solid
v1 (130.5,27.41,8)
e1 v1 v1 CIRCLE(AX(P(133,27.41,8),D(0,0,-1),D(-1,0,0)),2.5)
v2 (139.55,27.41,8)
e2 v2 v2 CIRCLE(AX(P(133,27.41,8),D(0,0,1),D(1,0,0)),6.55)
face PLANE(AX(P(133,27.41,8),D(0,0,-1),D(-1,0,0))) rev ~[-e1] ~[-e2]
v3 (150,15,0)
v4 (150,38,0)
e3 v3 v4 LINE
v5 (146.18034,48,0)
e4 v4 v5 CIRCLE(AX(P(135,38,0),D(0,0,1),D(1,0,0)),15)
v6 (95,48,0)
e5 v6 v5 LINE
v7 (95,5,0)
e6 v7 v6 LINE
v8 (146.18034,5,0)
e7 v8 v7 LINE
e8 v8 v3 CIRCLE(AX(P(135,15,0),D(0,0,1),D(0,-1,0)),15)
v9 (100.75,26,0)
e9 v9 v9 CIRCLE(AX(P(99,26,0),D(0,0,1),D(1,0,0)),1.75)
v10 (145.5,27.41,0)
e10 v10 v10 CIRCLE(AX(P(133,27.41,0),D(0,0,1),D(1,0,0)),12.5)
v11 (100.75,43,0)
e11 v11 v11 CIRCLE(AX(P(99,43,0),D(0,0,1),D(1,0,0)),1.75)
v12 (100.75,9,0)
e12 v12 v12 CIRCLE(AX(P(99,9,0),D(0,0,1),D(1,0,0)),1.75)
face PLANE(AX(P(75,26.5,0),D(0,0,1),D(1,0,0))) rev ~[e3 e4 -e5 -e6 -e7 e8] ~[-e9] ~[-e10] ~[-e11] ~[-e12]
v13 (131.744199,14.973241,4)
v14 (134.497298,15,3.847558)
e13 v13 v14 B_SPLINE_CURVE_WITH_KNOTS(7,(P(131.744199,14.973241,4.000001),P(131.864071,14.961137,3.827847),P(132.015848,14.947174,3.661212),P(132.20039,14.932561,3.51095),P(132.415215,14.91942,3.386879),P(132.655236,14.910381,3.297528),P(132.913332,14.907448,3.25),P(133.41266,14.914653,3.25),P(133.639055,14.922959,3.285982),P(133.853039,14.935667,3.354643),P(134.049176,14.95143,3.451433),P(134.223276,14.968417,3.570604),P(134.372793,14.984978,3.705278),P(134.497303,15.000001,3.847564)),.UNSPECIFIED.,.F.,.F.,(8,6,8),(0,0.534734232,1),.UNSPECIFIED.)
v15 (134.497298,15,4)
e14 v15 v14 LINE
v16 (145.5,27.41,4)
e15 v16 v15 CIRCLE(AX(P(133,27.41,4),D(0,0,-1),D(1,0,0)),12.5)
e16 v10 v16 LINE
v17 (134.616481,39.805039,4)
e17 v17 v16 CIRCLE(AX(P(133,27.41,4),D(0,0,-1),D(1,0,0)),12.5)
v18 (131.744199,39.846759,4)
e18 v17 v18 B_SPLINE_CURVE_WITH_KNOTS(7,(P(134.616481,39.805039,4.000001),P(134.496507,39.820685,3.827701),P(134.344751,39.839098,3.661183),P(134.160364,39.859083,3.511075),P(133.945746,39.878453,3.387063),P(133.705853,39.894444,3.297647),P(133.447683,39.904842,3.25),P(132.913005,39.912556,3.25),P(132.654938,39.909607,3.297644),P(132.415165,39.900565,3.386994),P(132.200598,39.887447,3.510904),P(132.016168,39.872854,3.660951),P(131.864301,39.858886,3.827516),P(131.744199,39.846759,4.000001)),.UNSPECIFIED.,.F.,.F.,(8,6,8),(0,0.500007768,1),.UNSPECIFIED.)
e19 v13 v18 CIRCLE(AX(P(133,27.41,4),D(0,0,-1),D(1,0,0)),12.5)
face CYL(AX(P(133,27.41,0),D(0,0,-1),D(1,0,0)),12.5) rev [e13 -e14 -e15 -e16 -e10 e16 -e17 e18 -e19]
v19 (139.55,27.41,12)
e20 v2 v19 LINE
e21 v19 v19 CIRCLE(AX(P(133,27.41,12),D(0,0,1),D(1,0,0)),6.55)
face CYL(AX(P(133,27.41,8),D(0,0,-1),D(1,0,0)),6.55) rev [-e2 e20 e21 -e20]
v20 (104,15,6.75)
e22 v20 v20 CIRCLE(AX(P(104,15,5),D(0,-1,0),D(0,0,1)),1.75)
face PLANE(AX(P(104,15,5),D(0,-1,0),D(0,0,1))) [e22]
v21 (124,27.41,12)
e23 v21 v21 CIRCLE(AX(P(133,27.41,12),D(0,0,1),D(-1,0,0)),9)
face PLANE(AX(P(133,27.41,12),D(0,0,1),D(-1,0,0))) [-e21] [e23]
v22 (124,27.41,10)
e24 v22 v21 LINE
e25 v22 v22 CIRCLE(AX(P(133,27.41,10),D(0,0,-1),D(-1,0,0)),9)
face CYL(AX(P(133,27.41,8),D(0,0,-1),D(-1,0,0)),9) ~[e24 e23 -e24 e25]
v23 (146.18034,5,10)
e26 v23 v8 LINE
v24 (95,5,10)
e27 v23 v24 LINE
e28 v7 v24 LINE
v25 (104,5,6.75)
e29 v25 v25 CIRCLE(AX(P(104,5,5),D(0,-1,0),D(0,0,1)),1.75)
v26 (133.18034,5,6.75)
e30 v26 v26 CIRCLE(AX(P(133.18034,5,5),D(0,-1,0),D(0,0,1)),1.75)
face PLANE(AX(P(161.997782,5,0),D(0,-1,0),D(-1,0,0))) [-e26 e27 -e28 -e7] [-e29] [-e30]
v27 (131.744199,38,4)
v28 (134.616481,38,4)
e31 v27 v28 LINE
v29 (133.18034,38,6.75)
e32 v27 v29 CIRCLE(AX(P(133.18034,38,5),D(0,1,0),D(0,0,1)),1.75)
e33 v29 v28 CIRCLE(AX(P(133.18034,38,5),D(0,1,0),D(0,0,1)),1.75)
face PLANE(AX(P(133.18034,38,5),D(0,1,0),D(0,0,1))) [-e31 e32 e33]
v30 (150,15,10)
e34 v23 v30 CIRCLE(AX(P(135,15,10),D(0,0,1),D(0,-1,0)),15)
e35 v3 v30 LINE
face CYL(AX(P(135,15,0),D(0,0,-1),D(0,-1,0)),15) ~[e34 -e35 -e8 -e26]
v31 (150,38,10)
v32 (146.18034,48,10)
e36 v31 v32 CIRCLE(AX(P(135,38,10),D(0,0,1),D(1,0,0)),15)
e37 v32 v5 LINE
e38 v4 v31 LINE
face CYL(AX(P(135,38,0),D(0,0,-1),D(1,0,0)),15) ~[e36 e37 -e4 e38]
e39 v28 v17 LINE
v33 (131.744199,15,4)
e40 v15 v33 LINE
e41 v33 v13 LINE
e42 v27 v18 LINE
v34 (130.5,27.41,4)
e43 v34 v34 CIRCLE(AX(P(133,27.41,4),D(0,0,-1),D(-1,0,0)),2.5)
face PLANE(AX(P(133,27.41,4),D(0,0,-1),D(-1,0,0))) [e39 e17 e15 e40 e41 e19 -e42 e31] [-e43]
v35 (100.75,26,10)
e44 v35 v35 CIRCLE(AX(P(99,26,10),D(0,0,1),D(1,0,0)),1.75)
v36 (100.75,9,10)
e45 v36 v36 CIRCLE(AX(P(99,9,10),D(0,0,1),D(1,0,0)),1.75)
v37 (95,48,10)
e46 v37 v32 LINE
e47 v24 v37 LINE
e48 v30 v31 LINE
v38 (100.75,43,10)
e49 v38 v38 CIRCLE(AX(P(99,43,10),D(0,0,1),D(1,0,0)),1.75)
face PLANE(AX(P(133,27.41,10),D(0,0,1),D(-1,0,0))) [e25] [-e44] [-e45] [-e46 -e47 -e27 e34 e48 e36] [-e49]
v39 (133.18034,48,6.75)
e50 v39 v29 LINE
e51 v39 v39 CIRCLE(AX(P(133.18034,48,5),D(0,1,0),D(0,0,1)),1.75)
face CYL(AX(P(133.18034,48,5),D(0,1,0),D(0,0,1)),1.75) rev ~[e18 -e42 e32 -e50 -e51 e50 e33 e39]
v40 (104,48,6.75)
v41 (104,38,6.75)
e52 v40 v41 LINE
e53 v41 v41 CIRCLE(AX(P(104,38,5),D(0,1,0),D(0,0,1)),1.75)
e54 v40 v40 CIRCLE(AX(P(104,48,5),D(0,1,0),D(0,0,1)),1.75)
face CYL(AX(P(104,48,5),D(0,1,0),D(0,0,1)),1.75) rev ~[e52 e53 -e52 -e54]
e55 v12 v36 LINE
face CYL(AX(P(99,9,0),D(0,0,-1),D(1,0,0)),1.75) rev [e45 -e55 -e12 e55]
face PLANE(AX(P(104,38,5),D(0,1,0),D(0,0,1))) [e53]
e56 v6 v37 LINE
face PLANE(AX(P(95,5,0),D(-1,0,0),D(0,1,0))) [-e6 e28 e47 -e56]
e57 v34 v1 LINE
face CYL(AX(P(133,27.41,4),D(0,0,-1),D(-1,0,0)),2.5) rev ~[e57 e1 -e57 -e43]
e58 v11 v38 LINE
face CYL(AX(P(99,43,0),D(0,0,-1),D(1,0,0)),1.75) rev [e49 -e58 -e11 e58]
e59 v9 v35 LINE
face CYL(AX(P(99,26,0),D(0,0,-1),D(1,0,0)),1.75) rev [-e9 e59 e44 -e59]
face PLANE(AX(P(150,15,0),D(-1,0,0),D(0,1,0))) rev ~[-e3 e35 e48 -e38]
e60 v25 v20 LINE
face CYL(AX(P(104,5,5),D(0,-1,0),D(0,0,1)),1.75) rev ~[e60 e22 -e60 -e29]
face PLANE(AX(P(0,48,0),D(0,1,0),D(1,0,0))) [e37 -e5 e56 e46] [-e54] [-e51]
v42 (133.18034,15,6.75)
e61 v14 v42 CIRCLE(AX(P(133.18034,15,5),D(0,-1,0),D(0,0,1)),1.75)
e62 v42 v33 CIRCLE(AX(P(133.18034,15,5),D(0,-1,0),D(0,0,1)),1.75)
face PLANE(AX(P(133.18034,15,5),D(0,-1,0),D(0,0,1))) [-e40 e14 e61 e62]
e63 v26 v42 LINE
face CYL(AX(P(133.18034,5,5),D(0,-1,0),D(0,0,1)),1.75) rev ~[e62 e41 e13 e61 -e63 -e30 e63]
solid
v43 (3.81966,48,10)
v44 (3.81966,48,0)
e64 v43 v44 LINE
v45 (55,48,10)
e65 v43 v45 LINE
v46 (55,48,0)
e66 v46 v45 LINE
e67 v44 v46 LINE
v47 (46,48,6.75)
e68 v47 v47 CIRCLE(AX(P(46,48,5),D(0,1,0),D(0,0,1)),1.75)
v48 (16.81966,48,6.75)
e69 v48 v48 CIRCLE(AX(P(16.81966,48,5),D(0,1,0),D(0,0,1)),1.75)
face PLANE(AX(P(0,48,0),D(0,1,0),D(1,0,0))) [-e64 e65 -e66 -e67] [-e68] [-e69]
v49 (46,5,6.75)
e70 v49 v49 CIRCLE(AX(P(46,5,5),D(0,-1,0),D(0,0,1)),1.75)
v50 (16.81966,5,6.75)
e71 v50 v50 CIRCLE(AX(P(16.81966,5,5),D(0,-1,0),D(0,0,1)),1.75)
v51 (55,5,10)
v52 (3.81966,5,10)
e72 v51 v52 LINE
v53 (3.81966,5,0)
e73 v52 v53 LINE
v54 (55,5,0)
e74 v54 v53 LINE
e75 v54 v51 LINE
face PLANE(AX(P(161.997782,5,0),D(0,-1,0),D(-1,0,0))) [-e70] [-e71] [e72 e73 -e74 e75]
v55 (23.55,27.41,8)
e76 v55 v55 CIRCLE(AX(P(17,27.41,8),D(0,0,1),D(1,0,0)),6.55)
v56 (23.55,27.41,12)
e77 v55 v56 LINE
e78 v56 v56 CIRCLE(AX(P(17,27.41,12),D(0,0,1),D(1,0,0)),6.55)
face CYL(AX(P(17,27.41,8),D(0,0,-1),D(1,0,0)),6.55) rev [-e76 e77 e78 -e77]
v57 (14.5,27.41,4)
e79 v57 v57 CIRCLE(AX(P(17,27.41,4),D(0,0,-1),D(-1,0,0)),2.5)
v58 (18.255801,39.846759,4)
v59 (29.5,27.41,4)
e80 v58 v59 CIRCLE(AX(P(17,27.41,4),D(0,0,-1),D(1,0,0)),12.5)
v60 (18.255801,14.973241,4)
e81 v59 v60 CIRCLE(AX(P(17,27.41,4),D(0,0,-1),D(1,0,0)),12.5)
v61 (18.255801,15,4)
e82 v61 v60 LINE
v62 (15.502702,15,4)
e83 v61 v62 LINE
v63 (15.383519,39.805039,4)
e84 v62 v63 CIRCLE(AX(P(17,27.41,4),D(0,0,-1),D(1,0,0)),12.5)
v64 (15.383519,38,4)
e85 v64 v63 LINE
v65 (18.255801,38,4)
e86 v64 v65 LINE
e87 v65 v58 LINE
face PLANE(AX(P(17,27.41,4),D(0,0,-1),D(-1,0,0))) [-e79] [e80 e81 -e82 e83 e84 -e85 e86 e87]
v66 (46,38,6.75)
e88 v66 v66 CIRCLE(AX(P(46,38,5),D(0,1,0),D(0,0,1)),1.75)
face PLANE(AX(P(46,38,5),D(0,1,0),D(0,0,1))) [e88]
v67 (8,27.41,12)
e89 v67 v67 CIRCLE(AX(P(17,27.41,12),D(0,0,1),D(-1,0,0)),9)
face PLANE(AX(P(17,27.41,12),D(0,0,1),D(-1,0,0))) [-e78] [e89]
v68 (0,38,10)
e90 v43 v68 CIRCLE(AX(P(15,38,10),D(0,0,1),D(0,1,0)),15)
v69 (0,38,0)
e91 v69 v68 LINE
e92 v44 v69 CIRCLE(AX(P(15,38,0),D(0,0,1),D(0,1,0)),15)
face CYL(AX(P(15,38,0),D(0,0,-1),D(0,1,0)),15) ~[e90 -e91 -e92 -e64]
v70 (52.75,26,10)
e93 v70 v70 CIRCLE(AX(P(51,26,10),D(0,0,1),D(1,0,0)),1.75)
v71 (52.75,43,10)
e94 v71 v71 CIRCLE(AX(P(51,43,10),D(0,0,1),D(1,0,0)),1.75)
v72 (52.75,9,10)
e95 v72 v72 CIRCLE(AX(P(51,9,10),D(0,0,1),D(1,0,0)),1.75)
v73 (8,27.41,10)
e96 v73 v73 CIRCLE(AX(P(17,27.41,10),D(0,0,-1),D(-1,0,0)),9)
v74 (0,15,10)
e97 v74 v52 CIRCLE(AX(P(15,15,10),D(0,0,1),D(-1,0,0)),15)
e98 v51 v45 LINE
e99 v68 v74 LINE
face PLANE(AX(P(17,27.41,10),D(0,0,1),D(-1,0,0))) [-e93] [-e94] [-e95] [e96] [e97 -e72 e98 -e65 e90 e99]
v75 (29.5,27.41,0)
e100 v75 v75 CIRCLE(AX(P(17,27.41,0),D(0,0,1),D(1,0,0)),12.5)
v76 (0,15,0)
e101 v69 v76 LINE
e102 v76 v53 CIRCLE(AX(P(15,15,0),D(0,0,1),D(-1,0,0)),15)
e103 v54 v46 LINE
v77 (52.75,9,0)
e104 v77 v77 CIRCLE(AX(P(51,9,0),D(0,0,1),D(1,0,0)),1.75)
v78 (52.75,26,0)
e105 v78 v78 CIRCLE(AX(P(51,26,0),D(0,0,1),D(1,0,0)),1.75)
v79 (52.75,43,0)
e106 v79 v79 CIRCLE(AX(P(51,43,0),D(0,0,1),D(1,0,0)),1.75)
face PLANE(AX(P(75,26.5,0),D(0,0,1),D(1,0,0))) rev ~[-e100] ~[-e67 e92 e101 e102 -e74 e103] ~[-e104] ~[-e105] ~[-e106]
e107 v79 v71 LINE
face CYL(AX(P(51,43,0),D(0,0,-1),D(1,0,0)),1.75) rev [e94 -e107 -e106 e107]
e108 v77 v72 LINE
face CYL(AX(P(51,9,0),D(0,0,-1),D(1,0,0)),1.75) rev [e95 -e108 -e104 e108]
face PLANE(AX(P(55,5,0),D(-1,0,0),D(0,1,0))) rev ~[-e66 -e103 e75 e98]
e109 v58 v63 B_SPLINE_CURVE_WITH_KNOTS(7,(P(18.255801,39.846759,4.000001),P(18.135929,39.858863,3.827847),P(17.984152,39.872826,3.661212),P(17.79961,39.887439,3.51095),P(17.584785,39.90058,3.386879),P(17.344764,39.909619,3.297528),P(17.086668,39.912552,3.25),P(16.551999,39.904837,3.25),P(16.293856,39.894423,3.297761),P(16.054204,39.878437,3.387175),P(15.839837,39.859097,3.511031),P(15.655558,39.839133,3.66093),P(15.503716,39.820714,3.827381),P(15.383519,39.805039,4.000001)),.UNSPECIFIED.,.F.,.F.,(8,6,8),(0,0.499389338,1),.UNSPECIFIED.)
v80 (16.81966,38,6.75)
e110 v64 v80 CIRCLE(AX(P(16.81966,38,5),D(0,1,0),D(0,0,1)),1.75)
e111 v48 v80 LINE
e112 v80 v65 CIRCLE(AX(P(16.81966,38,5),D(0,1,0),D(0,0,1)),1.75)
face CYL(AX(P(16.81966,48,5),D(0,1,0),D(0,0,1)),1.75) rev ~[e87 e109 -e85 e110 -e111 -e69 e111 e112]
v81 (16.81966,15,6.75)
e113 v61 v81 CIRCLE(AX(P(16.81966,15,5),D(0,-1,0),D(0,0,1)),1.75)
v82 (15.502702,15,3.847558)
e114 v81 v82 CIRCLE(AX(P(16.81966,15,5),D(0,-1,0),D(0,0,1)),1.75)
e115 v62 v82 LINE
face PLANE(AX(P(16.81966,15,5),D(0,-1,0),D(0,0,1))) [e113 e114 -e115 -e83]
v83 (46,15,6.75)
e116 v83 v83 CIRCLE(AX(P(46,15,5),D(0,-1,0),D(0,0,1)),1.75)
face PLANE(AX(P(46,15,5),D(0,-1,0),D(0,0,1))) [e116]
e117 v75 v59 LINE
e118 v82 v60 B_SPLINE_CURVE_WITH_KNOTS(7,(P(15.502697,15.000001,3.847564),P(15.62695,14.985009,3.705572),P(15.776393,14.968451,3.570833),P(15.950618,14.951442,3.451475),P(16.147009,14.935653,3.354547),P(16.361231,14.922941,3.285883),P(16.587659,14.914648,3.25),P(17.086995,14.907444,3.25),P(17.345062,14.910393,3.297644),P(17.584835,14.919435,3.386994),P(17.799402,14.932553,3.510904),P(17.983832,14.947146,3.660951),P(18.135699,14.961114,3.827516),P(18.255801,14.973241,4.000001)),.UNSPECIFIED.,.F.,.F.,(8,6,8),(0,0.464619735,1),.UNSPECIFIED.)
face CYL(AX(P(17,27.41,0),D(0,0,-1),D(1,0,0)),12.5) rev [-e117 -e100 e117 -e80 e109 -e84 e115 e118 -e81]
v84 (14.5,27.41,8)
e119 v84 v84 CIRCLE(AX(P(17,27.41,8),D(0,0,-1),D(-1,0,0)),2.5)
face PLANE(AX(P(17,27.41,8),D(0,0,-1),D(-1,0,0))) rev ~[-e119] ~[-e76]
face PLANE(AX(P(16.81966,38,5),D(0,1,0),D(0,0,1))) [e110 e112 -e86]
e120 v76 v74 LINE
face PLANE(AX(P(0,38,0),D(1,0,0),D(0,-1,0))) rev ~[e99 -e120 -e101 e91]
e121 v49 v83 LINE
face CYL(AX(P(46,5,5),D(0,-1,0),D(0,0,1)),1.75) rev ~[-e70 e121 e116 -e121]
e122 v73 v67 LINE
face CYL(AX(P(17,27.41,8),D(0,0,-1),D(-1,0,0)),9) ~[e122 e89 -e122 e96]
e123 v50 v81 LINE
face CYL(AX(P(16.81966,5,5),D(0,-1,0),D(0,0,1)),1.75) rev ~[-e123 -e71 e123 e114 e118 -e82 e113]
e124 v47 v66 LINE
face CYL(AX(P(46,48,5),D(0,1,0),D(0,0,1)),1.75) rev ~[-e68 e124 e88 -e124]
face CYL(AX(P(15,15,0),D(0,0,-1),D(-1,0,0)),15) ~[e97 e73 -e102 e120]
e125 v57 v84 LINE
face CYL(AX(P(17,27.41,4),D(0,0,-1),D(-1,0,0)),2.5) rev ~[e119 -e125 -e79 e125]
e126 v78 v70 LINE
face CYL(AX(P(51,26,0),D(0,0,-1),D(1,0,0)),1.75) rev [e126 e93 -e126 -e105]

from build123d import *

# Parameters (mm, degrees)
IZIM1_W                      = 40
IZIM1_H                      = 43
IZIM1_R                      = 12.5
IZIM1_R_2                    = 1.75
Y_KSEKLIK_EKSTR_ZYON1_DEPTH  = 10
Y_KSEKLIK_EKSTR_ZYON8_START  = -4
IZIM7_R                      = 12.5
IZIM7_R_2                    = 2.5
Y_KSEKLIK_EKSTR_ZYON8_DEPTH  = 4
IZIM8_R                      = 9
IZIM8_R_2                    = 6.55
Y_KSEKLIK_EKSTR_ZYON9_DEPTH  = 4
L_O_ALTMA1_COUNT             = 2
L_O_ALTMA1_PITCH             = 116
KES_EKSTR_ZYON3_START        = -10
KES_EKSTR_ZYON3_DEPTH        = 10
IZIM13_R                     = 12.5
IZIM13_R_2                   = 9
Y_KSEKLIK_EKSTR_ZYON10_DEPTH = 2
IZIM12_R                     = 1.75
KES_EKSTR_ZYON4_DEPTH        = 10
IZIM14_R                     = 1.75
KES_EKSTR_ZYON5_DEPTH        = 10


with BuildPart() as part:
    # Çizim1 → Yükseklik-Ekstrüzyon1 (new body)
    with BuildSketch(Plane.XY):
        with BuildLine():
            ThreePointArc((0, 15), (4.393398282, 4.393398282), (15, 0))
            Line((15, 0), (135, 0))
            ThreePointArc((135, 0), (145.606601718, 4.393398282), (150, 15))
            Line((150, 15), (150, 38))
            ThreePointArc((150, 38), (145.606601718, 48.606601718), (135, 53))
            Line((135, 53), (15, 53))
            ThreePointArc((15, 53), (4.393398282, 48.606601718), (0, 38))
            Line((0, 38), (0, 15))
        make_face()
        with Locations((75, 26.5)):
            Rectangle(IZIM1_W, IZIM1_H, mode=Mode.SUBTRACT)
        with Locations((17, 27.41)):
            Circle(IZIM1_R, mode=Mode.SUBTRACT)
        with Locations((51, 43)):
            Circle(IZIM1_R_2, mode=Mode.SUBTRACT)
        with Locations((51, 9)):
            Circle(IZIM1_R_2, mode=Mode.SUBTRACT)
        with Locations((51, 26)):
            Circle(IZIM1_R_2, mode=Mode.SUBTRACT)
        with Locations((133, 27.41)):
            Circle(IZIM1_R, mode=Mode.SUBTRACT)
        with Locations((99, 26)):
            Circle(IZIM1_R_2, mode=Mode.SUBTRACT)
        with Locations((99, 9)):
            Circle(IZIM1_R_2, mode=Mode.SUBTRACT)
        with Locations((99, 43)):
            Circle(IZIM1_R_2, mode=Mode.SUBTRACT)
    extrude(amount=Y_KSEKLIK_EKSTR_ZYON1_DEPTH)

    # Çizim7 → Yükseklik-Ekstrüzyon8 (add)
    with BuildSketch(Plane(origin=(0, 0, 0), x_dir=(-1, 0, 0), z_dir=(0, 0, -1)).offset(Y_KSEKLIK_EKSTR_ZYON8_START)):
        with Locations((-133, 27.41)):
            Circle(IZIM7_R)
        with Locations((-133, 27.41)):
            Circle(IZIM7_R_2, mode=Mode.SUBTRACT)
    y_kseklik_ekstr_zyon8 = extrude(amount=-Y_KSEKLIK_EKSTR_ZYON8_DEPTH)

    # Çizim8 → Yükseklik-Ekstrüzyon9 (add)
    with BuildSketch(Plane.XY.offset(8)):
        with Locations(Location((133, 27.41, 0), (0, 0, 180))):
            Circle(IZIM8_R)
        with Locations((133, 27.41)):
            Circle(IZIM8_R_2, mode=Mode.SUBTRACT)
    y_kseklik_ekstr_zyon9 = extrude(amount=Y_KSEKLIK_EKSTR_ZYON9_DEPTH)

    # LÇoğaltma1: Yükseklik-Ekstrüzyon8, Yükseklik-Ekstrüzyon9 ×2
    with Locations(*[(-i * L_O_ALTMA1_PITCH, 0, 0) for i in range(1, L_O_ALTMA1_COUNT)]):
        add(y_kseklik_ekstr_zyon8)
        add(y_kseklik_ekstr_zyon9)

    # Çizim11 → Kes-Ekstrüzyon3 (cut)
    with BuildSketch(Plane.XY.offset(10).offset(KES_EKSTR_ZYON3_START)):
        with BuildLine():
            Line((146.180339887, 48), (150, 48))
            Line((150, 48), (156.054550849, 48))
            Line((156.054550849, 48), (156.054550849, 62.600281878))
            Line((156.054550849, 62.600281878), (0, 62.600281878))
            Line((0, 62.600281878), (0, 48))
            Line((0, 48), (3.819660113, 48))
            ThreePointArc((3.819660113, 48), (8.876275643, 51.693063938), (15, 53))
            Line((15, 53), (135, 53))
            ThreePointArc((135, 53), (141.123724357, 51.693063938), (146.180339887, 48))
        make_face()
        with BuildLine():
            Line((95, 48), (146.180339887, 48))
            ThreePointArc((146.180339887, 48), (141.123724357, 51.693063938), (135, 53))
            Line((135, 53), (15, 53))
            ThreePointArc((15, 53), (8.876275643, 51.693063938), (3.819660113, 48))
            Line((3.819660113, 48), (55, 48))
            Line((55, 48), (95, 48))
        make_face()
        with BuildLine():
            Line((146.180339887, 5), (95, 5))
            Line((95, 5), (55, 5))
            Line((55, 5), (3.819660113, 5))
            ThreePointArc((3.819660113, 5), (8.876275643, 1.306936062), (15, 0))
            Line((15, 0), (135, 0))
            ThreePointArc((135, 0), (141.123724357, 1.306936062), (146.180339887, 5))
        make_face()
        with BuildLine():
            Line((150, 5), (146.180339887, 5))
            ThreePointArc((146.180339887, 5), (141.123724357, 1.306936062), (135, 0))
            Line((135, 0), (15, 0))
            ThreePointArc((15, 0), (8.876275643, 1.306936062), (3.819660113, 5))
            Line((3.819660113, 5), (0, 5))
            Line((0, 5), (0, -18.687777451))
            Line((0, -18.687777451), (161.997781601, -18.687777451))
            Line((161.997781601, -18.687777451), (161.997781601, 5))
            Line((161.997781601, 5), (150, 5))
        make_face()
    extrude(amount=KES_EKSTR_ZYON3_DEPTH, mode=Mode.SUBTRACT)


with BuildPart() as kes_ekstr_zyon3_piece_1:
    # of the separate pieces the step leaves, piece 1, a body of its own (kes_ekstr_zyon3_pieces)
    add(part.part.solids().sort_by_distance((95, 48, 0))[0])



with BuildPart() as kes_ekstr_zyon3_piece_2:
    # of the separate pieces the step leaves, piece 2, a body of its own (kes_ekstr_zyon3_pieces)
    add(part.part.solids().sort_by_distance((0, 38, 0))[0])


with BuildPart() as kes_ekstr_zyon3_piece_1_1:
    add(kes_ekstr_zyon3_piece_1.part)

    add(kes_ekstr_zyon3_piece_2.part)  # Yükseklik-Ekstrüzyon10 merges Kes-Ekstrüzyon3 piece 2
    # Çizim13 → Yükseklik-Ekstrüzyon10 (add)
    # profile 1 of 2: a face of its own
    with BuildSketch(Plane.XY.offset(8)):
        with Locations(Location((133, 27.41, 0), (0, 0, 180))):
            Circle(IZIM13_R)
        with Locations((133, 27.41)):
            Circle(IZIM13_R_2, mode=Mode.SUBTRACT)
    # profile 2 of 2: a face of its own
    with BuildSketch(Plane.XY.offset(8)):
        with Locations(Location((17, 27.41, 0), (0, 0, 180))):
            Circle(IZIM13_R)
        with Locations((17, 27.41)):
            Circle(IZIM13_R_2, mode=Mode.SUBTRACT)
    extrude(amount=Y_KSEKLIK_EKSTR_ZYON10_DEPTH)

    # Çizim12 → Kes-Ekstrüzyon4 (cut)
    with BuildSketch(Plane(origin=(0, 48, 0), x_dir=(1, 0, 0), z_dir=(0, 1, 0))):
        with Locations(Location((46, -5, 0), (0, 0, 270))):
            Circle(IZIM12_R)
        with Locations(Location((16.819660113, -5, 0), (0, 0, 270))):
            Circle(IZIM12_R)
        with Locations(Location((104, -5, 0), (0, 0, 270))):
            Circle(IZIM12_R)
        with Locations(Location((133.180339887, -5, 0), (0, 0, 270))):
            Circle(IZIM12_R)
    extrude(amount=-KES_EKSTR_ZYON4_DEPTH, mode=Mode.SUBTRACT)

    # Çizim14 → Kes-Ekstrüzyon5 (cut)
    with BuildSketch(Plane.XZ.offset(-5)):
        with Locations(Location((16.819660113, 5, 0), (0, 0, 90))):
            Circle(IZIM14_R)
        with Locations(Location((46, 5, 0), (0, 0, 90))):
            Circle(IZIM14_R)
        with Locations(Location((104, 5, 0), (0, 0, 90))):
            Circle(IZIM14_R)
        with Locations(Location((133.180339887, 5, 0), (0, 0, 90))):
            Circle(IZIM14_R)
    extrude(amount=-KES_EKSTR_ZYON5_DEPTH, mode=Mode.SUBTRACT)


solid = kes_ekstr_zyon3_piece_1_1.part
